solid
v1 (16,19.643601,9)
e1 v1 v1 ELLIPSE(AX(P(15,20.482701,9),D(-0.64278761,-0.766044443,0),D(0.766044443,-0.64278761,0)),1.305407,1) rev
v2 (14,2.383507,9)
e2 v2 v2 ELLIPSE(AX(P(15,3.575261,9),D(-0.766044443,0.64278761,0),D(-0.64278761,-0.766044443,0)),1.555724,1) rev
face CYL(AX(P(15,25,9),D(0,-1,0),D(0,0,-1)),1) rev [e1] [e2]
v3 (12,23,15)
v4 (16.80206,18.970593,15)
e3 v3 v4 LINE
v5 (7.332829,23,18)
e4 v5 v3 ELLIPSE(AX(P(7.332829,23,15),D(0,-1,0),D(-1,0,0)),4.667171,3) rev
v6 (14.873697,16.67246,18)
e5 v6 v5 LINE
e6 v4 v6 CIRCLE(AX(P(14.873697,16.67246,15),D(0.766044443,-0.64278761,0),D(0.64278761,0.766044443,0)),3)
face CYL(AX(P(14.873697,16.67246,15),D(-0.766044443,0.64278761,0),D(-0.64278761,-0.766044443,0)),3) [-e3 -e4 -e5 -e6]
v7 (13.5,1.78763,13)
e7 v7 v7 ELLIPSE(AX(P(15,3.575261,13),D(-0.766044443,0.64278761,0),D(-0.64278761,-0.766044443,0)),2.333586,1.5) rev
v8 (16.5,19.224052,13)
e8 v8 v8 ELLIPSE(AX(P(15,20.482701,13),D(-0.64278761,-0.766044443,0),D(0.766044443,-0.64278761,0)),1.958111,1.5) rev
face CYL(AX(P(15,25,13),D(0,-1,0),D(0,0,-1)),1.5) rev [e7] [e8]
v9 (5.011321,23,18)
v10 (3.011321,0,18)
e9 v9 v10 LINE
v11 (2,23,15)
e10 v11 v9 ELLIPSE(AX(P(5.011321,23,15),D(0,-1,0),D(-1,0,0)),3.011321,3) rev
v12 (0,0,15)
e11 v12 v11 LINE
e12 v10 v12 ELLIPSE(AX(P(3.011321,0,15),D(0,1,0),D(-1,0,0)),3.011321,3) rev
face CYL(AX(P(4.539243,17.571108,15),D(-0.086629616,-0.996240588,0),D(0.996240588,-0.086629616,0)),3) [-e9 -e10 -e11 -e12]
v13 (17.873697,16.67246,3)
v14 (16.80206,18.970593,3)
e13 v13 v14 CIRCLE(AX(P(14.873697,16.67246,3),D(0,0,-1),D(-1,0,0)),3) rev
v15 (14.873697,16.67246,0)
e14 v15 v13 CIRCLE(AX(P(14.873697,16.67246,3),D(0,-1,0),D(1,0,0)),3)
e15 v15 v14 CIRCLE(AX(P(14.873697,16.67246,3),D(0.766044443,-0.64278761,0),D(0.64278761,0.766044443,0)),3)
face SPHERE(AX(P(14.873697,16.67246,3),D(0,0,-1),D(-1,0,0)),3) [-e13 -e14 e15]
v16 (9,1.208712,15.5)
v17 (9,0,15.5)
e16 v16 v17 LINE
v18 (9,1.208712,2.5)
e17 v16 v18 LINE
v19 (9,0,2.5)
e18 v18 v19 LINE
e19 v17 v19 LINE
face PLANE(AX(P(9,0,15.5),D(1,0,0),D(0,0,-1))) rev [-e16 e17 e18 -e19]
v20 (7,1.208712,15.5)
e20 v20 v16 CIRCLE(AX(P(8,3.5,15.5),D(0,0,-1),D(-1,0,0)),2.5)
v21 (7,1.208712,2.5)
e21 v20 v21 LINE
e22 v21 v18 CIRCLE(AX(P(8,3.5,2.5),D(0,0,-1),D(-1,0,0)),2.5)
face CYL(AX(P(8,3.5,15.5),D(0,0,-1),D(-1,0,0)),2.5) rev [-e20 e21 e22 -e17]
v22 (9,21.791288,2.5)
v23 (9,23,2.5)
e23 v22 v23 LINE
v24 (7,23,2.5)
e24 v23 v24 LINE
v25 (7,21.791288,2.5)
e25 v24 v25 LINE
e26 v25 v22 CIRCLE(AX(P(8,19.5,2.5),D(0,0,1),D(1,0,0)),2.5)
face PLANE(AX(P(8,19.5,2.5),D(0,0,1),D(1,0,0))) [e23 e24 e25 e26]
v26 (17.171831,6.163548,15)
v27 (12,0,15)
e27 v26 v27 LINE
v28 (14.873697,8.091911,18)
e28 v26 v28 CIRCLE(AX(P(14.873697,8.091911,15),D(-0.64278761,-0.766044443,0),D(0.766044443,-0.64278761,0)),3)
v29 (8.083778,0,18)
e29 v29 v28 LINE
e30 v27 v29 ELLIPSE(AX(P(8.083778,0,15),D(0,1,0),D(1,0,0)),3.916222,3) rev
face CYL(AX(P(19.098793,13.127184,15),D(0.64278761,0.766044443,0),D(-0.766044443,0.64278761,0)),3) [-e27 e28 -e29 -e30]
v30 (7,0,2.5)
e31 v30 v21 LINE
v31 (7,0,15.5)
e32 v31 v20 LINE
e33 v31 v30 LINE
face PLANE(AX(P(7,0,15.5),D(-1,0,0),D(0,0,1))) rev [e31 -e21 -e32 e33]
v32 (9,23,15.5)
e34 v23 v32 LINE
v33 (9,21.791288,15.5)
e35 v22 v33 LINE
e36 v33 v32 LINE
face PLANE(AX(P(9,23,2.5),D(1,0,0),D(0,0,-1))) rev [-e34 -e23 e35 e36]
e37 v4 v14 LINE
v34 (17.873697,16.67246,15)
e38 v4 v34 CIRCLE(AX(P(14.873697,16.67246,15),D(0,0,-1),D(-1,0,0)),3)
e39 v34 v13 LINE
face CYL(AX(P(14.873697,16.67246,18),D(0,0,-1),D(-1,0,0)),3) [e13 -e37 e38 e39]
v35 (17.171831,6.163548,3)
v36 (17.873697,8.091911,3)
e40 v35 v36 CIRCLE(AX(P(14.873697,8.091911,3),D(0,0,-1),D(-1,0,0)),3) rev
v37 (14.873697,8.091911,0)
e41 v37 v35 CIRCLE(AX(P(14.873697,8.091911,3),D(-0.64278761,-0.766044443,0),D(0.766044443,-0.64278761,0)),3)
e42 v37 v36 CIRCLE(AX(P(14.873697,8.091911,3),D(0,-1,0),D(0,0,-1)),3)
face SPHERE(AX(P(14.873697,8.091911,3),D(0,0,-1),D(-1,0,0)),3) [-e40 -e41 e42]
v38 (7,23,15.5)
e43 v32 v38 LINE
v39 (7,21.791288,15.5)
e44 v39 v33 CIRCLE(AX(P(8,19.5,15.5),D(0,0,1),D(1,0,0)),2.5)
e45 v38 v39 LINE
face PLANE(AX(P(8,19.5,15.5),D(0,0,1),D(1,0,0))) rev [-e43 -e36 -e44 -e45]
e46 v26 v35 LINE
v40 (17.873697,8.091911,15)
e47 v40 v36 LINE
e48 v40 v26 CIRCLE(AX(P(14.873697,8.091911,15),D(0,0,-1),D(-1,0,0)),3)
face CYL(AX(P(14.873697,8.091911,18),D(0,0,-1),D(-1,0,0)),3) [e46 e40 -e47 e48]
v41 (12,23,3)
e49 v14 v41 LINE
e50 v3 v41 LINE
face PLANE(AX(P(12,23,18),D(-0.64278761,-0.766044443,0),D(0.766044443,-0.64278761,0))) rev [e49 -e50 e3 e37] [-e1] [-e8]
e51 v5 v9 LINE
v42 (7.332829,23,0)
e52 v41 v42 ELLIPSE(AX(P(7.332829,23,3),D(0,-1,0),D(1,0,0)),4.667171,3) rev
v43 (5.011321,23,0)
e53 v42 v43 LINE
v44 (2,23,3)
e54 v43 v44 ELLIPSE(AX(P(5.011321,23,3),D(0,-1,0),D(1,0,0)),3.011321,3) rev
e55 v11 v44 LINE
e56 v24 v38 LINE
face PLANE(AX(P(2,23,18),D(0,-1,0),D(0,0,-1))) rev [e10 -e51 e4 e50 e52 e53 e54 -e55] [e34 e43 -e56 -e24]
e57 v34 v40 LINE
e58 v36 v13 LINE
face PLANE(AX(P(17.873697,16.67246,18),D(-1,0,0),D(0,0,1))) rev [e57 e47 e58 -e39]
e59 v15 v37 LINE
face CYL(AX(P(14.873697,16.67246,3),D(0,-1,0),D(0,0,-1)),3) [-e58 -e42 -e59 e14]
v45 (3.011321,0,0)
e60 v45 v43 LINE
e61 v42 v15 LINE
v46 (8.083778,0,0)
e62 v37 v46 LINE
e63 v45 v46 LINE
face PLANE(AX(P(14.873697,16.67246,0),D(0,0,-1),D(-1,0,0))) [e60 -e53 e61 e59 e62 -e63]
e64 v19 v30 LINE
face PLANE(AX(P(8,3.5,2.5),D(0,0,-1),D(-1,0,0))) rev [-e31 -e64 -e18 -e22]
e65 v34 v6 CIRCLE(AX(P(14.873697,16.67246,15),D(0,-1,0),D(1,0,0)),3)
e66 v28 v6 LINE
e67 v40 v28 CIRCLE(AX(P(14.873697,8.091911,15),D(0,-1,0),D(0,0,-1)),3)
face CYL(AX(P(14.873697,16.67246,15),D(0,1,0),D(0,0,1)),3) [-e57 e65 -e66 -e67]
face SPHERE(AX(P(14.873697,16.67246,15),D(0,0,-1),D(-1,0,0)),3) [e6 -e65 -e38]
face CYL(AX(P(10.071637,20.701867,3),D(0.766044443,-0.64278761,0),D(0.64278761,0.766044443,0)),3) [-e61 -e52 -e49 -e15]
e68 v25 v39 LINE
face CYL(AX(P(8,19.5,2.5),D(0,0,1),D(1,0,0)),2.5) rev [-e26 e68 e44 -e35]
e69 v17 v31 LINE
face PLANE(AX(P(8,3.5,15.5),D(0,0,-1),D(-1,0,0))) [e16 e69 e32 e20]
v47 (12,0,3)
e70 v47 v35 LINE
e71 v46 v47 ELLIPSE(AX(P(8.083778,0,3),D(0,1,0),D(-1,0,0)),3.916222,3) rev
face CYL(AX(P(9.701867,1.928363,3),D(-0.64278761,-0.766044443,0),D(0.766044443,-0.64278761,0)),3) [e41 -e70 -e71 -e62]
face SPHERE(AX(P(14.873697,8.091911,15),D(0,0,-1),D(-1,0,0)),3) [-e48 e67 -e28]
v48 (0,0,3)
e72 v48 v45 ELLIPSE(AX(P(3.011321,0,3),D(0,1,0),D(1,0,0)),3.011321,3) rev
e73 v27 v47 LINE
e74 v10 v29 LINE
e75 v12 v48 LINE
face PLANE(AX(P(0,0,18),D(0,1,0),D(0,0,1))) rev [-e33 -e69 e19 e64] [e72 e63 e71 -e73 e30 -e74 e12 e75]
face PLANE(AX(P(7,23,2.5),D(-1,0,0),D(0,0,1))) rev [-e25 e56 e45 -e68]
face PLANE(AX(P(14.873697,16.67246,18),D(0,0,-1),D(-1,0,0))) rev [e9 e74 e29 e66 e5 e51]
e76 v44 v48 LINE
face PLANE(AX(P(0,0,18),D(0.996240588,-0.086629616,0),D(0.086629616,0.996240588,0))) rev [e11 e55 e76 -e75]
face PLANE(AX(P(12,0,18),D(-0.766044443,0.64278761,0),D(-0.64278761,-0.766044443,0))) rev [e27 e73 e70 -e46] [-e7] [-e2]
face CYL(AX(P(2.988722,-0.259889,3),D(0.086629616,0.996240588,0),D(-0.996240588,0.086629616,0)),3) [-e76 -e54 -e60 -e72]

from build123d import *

# Parameters (mm, degrees)
BOSS_EXTRUDE1_DEPTH = 18
CUT_EXTRUDE1_START  = -2.5
CUT_EXTRUDE1_DEPTH  = 13
CUT_EXTRUDE2_START  = -2.5
CUT_EXTRUDE2_DEPTH  = 13
SKETCH5_R           = 1
SKETCH5_R_2         = 1.5
CUT_EXTRUDE3_DEPTH  = 25
FILLET1_R           = 3


with BuildPart() as part:
    # Sketch2 → Boss-Extrude1 (new body)
    with BuildSketch(Plane.XY):
        with BuildLine():
            Line((0, 0), (12, 0))
            Line((12, 0), (17.171830748, 6.163547874))
            ThreePointArc((17.171830748, 6.163547874), (17.692775281, 7.065850273), (17.873697418, 8.091910703))
            Line((17.873697418, 8.091910703), (17.873697418, 16.672459688))
            ThreePointArc((17.873697418, 16.672459688), (17.592620779, 17.940314473), (16.802060247, 18.970593018))
            Line((16.802060247, 18.970593018), (12, 23))
            Line((12, 23), (2, 23))
            Line((2, 23), (0, 0))
        make_face()
    extrude(amount=BOSS_EXTRUDE1_DEPTH)

    # Sketch3 → Cut-Extrude1 (cut)
    with BuildSketch(Plane.XY.offset(18).offset(CUT_EXTRUDE1_START)):
        with BuildLine():
            Line((7, 23), (9, 23))
            Line((9, 23), (9, 21.791287847))
            ThreePointArc((9, 21.791287847), (8, 17), (7, 21.791287847))
            Line((7, 21.791287847), (7, 23))
        make_face()
    extrude(amount=-CUT_EXTRUDE1_DEPTH, mode=Mode.SUBTRACT)

    # Sketch4 → Cut-Extrude2 (cut)
    with BuildSketch(Plane(origin=(0, 0, 0), x_dir=(-1, 0, 0), z_dir=(0, 0, -1)).offset(CUT_EXTRUDE2_START)):
        with BuildLine():
            Line((-9, 0), (-7, 0))
            Line((-7, 0), (-7, 1.208712153))
            ThreePointArc((-7, 1.208712153), (-8, 6), (-9, 1.208712153))
            Line((-9, 1.208712153), (-9, 0))
        make_face()
    extrude(amount=-CUT_EXTRUDE2_DEPTH, mode=Mode.SUBTRACT)

    # Sketch5 → Cut-Extrude3 (cut)
    with BuildSketch(Plane(origin=(0, 0, 0), x_dir=(1, 0, 0), z_dir=(0, 1, 0))):
        with Locations((15, -9)):
            Circle(SKETCH5_R)
        with Locations((15, -13)):
            Circle(SKETCH5_R_2)
    extrude(amount=CUT_EXTRUDE3_DEPTH, mode=Mode.SUBTRACT)

    # Fillet1
    fillet1_edges = [part.edges().sort_by_distance(p)[0] for p in [
        (17.692775281, 7.065850273, 0),
        (14.585915374, 3.081773937, 0),
        (1, 11.5, 0),
        (14.585915374, 3.081773937, 18),
        (17.692775281, 7.065850273, 18),
        (17.873697418, 12.382185196, 18),
        (17.592620779, 17.940314473, 18),
        (14.401030124, 20.985296509, 18),
        (1, 11.5, 18),
        (14.401030124, 20.985296509, 0),
        (17.592620779, 17.940314473, 0),
        (17.873697418, 12.382185196, 0),
    ]]
    fillet(fillet1_edges, radius=FILLET1_R)


solid = part.part
